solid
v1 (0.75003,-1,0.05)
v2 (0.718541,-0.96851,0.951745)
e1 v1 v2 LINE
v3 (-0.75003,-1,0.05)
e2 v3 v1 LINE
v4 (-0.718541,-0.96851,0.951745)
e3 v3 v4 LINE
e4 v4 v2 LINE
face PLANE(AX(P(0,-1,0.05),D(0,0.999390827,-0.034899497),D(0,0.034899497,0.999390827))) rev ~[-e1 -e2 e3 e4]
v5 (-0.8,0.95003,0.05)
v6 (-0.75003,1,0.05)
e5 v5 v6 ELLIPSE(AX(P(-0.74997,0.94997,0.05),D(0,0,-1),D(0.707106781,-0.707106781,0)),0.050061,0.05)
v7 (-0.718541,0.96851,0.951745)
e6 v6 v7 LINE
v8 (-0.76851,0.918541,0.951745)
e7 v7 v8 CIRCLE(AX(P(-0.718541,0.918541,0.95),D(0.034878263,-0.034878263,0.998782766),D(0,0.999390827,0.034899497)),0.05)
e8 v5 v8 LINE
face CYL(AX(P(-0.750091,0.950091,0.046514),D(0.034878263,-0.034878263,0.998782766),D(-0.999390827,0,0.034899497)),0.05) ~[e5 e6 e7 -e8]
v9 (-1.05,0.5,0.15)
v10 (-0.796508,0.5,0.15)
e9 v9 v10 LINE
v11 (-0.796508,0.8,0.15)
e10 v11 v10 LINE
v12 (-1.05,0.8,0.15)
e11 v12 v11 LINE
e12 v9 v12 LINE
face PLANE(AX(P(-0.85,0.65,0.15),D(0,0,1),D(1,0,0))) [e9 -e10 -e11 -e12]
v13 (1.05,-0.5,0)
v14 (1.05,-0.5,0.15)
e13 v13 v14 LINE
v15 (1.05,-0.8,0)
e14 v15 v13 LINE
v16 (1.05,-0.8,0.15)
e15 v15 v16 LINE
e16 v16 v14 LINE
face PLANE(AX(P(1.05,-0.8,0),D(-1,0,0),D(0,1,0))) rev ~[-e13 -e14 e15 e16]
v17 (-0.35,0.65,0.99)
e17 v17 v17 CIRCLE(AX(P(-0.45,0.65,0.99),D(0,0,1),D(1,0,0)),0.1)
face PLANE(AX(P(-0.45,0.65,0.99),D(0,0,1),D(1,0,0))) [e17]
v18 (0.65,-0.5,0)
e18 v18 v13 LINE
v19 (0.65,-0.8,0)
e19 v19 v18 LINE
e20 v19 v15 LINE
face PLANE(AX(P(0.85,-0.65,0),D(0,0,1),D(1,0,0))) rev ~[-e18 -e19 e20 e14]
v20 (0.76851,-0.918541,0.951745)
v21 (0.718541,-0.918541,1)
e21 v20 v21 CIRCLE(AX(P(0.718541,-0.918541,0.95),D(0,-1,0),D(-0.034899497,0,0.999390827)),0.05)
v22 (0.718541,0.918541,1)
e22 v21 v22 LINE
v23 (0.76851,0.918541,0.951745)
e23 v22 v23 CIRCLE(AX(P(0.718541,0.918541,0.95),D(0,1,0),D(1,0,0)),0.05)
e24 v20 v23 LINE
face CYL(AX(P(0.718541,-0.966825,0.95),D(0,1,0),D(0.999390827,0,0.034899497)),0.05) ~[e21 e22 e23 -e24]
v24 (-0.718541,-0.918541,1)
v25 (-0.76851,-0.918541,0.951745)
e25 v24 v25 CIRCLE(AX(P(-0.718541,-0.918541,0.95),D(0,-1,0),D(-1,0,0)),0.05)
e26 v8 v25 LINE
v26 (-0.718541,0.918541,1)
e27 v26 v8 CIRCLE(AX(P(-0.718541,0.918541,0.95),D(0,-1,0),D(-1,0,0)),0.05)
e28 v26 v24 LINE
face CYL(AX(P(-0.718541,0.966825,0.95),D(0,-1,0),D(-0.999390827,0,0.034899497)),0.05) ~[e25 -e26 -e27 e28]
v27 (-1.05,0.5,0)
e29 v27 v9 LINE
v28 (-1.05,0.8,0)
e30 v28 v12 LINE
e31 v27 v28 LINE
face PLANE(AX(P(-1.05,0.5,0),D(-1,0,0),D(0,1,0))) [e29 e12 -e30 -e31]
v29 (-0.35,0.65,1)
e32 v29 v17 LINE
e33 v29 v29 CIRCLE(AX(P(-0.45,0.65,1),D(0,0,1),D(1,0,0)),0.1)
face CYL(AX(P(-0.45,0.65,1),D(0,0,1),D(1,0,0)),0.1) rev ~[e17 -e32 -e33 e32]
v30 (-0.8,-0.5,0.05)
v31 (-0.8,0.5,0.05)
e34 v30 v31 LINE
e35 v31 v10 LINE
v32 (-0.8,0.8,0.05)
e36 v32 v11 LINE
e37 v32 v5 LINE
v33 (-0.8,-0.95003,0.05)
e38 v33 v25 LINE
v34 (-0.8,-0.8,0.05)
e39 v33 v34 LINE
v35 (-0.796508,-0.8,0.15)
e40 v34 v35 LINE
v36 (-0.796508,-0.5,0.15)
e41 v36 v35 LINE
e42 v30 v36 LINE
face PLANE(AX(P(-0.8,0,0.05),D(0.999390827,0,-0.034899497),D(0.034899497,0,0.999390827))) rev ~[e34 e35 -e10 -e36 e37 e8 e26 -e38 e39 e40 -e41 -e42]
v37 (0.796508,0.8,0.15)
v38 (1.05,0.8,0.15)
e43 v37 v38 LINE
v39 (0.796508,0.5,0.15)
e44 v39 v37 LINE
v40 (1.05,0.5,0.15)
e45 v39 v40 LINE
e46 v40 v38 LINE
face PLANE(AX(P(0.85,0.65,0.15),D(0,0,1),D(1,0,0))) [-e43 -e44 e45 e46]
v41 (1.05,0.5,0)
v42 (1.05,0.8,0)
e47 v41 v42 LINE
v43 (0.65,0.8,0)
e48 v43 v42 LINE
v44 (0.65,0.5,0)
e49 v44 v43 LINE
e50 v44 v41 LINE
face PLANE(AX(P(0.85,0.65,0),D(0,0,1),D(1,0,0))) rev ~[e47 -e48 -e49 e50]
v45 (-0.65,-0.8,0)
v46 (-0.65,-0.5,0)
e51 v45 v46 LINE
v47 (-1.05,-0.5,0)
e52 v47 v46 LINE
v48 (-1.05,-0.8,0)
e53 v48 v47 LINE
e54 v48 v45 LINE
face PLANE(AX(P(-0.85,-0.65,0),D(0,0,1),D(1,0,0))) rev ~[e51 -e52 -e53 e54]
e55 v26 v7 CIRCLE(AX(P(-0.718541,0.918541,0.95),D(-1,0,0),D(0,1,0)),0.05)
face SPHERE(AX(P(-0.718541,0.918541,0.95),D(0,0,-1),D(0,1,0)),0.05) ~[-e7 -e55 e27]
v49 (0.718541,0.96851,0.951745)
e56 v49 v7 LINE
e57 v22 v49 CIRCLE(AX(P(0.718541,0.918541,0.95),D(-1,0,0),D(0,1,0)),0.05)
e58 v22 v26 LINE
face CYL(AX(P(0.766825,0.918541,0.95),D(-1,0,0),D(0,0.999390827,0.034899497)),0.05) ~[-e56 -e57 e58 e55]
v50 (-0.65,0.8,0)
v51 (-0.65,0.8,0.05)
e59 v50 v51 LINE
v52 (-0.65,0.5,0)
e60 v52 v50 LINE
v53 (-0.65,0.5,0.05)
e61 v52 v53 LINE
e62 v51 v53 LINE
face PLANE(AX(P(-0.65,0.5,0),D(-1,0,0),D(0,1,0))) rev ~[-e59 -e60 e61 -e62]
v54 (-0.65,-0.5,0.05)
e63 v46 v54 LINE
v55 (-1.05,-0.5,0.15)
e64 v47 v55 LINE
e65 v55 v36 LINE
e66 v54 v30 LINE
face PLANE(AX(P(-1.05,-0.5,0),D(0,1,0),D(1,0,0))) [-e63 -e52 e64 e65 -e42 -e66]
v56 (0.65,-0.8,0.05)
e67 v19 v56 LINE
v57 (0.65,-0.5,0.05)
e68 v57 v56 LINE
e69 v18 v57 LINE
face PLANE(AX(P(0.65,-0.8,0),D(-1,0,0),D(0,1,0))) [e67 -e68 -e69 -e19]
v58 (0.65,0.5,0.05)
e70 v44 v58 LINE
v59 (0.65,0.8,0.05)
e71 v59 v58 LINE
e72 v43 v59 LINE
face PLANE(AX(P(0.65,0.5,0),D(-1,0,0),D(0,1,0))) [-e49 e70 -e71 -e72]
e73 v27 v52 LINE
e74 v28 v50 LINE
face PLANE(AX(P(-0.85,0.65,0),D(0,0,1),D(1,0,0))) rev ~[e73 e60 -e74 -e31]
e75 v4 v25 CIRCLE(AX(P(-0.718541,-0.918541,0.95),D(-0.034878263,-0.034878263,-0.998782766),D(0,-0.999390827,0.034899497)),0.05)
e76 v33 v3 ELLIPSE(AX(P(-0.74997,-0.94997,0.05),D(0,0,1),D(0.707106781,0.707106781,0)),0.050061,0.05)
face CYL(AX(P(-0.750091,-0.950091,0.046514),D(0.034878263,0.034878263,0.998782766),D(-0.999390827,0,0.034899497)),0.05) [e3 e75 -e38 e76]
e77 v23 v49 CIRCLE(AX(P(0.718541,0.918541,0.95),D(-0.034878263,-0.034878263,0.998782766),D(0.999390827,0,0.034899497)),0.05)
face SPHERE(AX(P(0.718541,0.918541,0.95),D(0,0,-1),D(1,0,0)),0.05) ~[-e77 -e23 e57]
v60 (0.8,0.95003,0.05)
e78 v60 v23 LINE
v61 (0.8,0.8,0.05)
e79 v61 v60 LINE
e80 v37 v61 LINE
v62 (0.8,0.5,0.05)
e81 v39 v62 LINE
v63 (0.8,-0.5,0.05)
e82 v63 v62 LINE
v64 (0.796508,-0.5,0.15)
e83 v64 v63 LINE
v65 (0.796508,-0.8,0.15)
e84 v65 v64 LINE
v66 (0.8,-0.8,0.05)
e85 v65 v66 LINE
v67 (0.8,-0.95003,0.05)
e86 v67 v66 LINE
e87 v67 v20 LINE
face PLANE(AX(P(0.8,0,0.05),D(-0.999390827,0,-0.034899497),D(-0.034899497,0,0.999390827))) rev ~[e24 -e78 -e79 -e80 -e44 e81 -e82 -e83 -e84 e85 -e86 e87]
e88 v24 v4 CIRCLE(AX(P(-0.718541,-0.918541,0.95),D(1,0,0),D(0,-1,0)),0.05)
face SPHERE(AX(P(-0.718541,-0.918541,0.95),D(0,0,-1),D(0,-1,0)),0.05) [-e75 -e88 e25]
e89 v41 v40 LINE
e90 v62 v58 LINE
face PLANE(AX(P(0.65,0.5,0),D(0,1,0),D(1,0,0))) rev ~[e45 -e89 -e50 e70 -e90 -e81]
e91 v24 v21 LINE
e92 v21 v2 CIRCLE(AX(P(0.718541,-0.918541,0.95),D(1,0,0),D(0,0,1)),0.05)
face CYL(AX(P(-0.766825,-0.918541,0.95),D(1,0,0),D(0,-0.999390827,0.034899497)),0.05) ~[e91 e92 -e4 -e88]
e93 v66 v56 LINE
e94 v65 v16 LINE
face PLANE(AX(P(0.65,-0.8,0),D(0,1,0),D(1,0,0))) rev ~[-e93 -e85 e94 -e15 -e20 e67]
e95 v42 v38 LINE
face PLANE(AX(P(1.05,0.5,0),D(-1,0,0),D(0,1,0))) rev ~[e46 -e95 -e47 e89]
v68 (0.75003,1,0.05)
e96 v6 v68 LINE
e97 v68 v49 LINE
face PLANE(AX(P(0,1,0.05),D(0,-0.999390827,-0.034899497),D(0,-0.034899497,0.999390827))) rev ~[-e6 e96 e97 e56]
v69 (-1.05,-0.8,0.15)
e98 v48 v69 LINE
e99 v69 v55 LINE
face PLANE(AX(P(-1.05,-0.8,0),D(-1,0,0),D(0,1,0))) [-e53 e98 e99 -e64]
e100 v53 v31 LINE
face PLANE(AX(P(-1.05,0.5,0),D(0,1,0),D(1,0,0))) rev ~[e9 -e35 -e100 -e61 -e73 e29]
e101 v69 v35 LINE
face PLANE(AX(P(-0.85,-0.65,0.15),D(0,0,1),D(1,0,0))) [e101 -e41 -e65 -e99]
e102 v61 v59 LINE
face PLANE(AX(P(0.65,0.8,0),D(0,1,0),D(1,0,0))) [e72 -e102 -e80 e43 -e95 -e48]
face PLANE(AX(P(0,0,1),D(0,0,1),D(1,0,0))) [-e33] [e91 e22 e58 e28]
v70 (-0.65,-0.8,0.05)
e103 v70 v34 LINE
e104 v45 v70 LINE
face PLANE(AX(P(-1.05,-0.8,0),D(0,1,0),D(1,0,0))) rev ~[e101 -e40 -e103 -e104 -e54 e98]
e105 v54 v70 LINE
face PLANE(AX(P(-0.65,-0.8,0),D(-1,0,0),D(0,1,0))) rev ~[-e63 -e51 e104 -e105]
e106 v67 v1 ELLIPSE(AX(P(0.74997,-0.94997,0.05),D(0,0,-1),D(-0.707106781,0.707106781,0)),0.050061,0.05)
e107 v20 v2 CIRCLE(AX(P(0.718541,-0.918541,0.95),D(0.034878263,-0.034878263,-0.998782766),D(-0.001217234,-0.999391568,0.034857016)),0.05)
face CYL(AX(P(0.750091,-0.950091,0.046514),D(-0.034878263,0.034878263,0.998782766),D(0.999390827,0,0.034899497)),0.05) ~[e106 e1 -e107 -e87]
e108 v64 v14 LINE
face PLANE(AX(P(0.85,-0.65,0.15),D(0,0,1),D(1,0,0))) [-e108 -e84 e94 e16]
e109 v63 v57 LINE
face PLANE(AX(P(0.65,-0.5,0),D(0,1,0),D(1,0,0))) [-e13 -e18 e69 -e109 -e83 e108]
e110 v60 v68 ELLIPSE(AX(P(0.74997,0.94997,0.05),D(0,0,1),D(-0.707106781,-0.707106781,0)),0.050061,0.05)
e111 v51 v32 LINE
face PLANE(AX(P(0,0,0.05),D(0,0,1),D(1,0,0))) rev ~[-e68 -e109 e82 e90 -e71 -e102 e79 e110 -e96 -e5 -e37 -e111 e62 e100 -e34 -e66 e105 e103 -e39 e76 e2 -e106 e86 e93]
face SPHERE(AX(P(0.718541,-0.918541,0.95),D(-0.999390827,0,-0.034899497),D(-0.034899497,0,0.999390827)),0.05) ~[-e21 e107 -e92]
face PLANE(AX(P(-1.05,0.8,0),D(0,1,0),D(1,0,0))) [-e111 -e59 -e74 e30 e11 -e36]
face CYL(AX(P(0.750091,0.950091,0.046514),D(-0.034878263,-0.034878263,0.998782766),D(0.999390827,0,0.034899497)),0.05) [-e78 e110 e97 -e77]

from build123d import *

# Parameters (mm, degrees)
SKETCH_1_W          = 1.6
SKETCH_1_H          = 2
EXTRUDE_1_DEPTH     = 0.95
EXTRUDE_1_TAPER     = 2
SKETCH_2_W          = 0.4
SKETCH_2_H          = 0.3
EXTRUDE_2_DEPTH     = 0.15
FILLET_1_R          = 0.05
SKETCH_3_R          = 0.1
CUT_EXTRUDE_1_DEPTH = 0.01


with BuildPart() as part:
    # Эскиз1 → Бобышка-Вытянуть1 (new body)
    with BuildSketch(Plane.XY.offset(0.05)):
        Rectangle(SKETCH_1_W, SKETCH_1_H)
    extrude(amount=EXTRUDE_1_DEPTH, taper=EXTRUDE_1_TAPER)

    # Эскиз2 → Бобышка-Вытянуть2 (add)
    with BuildSketch(Plane.XY):
        with Locations((0.85, 0.65)):
            Rectangle(SKETCH_2_W, SKETCH_2_H)
        with Locations((0.85, -0.65)):
            Rectangle(SKETCH_2_W, SKETCH_2_H)
        with Locations((-0.85, 0.65)):
            Rectangle(SKETCH_2_W, SKETCH_2_H)
        with Locations((-0.85, -0.65)):
            Rectangle(SKETCH_2_W, SKETCH_2_H)
    extrude(amount=EXTRUDE_2_DEPTH)

    # Скругление1
    fillet_1_edges = [part.edges().sort_by_distance(p)[0] for p in [
        (0.783412634, 0.983412634, 0.525),
        (-0.783412173, 0.983412173, 0.525013228),
        (-0.783412634, -0.983412634, 0.525),
        (0, -0.966825269, 1),
        (0.766825269, 0, 1),
        (0, 0.966825269, 1),
        (-0.766825269, 0, 1),
        (0.783412634, -0.983412634, 0.525),
    ]]
    fillet(fillet_1_edges, radius=FILLET_1_R)

    # Эскиз3 → Вырез-Вытянуть1 (cut)
    with BuildSketch(Plane.XY.offset(1)):
        with Locations((-0.45, 0.65)):
            Circle(SKETCH_3_R)
    extrude(amount=-CUT_EXTRUDE_1_DEPTH, mode=Mode.SUBTRACT)


solid = part.part
